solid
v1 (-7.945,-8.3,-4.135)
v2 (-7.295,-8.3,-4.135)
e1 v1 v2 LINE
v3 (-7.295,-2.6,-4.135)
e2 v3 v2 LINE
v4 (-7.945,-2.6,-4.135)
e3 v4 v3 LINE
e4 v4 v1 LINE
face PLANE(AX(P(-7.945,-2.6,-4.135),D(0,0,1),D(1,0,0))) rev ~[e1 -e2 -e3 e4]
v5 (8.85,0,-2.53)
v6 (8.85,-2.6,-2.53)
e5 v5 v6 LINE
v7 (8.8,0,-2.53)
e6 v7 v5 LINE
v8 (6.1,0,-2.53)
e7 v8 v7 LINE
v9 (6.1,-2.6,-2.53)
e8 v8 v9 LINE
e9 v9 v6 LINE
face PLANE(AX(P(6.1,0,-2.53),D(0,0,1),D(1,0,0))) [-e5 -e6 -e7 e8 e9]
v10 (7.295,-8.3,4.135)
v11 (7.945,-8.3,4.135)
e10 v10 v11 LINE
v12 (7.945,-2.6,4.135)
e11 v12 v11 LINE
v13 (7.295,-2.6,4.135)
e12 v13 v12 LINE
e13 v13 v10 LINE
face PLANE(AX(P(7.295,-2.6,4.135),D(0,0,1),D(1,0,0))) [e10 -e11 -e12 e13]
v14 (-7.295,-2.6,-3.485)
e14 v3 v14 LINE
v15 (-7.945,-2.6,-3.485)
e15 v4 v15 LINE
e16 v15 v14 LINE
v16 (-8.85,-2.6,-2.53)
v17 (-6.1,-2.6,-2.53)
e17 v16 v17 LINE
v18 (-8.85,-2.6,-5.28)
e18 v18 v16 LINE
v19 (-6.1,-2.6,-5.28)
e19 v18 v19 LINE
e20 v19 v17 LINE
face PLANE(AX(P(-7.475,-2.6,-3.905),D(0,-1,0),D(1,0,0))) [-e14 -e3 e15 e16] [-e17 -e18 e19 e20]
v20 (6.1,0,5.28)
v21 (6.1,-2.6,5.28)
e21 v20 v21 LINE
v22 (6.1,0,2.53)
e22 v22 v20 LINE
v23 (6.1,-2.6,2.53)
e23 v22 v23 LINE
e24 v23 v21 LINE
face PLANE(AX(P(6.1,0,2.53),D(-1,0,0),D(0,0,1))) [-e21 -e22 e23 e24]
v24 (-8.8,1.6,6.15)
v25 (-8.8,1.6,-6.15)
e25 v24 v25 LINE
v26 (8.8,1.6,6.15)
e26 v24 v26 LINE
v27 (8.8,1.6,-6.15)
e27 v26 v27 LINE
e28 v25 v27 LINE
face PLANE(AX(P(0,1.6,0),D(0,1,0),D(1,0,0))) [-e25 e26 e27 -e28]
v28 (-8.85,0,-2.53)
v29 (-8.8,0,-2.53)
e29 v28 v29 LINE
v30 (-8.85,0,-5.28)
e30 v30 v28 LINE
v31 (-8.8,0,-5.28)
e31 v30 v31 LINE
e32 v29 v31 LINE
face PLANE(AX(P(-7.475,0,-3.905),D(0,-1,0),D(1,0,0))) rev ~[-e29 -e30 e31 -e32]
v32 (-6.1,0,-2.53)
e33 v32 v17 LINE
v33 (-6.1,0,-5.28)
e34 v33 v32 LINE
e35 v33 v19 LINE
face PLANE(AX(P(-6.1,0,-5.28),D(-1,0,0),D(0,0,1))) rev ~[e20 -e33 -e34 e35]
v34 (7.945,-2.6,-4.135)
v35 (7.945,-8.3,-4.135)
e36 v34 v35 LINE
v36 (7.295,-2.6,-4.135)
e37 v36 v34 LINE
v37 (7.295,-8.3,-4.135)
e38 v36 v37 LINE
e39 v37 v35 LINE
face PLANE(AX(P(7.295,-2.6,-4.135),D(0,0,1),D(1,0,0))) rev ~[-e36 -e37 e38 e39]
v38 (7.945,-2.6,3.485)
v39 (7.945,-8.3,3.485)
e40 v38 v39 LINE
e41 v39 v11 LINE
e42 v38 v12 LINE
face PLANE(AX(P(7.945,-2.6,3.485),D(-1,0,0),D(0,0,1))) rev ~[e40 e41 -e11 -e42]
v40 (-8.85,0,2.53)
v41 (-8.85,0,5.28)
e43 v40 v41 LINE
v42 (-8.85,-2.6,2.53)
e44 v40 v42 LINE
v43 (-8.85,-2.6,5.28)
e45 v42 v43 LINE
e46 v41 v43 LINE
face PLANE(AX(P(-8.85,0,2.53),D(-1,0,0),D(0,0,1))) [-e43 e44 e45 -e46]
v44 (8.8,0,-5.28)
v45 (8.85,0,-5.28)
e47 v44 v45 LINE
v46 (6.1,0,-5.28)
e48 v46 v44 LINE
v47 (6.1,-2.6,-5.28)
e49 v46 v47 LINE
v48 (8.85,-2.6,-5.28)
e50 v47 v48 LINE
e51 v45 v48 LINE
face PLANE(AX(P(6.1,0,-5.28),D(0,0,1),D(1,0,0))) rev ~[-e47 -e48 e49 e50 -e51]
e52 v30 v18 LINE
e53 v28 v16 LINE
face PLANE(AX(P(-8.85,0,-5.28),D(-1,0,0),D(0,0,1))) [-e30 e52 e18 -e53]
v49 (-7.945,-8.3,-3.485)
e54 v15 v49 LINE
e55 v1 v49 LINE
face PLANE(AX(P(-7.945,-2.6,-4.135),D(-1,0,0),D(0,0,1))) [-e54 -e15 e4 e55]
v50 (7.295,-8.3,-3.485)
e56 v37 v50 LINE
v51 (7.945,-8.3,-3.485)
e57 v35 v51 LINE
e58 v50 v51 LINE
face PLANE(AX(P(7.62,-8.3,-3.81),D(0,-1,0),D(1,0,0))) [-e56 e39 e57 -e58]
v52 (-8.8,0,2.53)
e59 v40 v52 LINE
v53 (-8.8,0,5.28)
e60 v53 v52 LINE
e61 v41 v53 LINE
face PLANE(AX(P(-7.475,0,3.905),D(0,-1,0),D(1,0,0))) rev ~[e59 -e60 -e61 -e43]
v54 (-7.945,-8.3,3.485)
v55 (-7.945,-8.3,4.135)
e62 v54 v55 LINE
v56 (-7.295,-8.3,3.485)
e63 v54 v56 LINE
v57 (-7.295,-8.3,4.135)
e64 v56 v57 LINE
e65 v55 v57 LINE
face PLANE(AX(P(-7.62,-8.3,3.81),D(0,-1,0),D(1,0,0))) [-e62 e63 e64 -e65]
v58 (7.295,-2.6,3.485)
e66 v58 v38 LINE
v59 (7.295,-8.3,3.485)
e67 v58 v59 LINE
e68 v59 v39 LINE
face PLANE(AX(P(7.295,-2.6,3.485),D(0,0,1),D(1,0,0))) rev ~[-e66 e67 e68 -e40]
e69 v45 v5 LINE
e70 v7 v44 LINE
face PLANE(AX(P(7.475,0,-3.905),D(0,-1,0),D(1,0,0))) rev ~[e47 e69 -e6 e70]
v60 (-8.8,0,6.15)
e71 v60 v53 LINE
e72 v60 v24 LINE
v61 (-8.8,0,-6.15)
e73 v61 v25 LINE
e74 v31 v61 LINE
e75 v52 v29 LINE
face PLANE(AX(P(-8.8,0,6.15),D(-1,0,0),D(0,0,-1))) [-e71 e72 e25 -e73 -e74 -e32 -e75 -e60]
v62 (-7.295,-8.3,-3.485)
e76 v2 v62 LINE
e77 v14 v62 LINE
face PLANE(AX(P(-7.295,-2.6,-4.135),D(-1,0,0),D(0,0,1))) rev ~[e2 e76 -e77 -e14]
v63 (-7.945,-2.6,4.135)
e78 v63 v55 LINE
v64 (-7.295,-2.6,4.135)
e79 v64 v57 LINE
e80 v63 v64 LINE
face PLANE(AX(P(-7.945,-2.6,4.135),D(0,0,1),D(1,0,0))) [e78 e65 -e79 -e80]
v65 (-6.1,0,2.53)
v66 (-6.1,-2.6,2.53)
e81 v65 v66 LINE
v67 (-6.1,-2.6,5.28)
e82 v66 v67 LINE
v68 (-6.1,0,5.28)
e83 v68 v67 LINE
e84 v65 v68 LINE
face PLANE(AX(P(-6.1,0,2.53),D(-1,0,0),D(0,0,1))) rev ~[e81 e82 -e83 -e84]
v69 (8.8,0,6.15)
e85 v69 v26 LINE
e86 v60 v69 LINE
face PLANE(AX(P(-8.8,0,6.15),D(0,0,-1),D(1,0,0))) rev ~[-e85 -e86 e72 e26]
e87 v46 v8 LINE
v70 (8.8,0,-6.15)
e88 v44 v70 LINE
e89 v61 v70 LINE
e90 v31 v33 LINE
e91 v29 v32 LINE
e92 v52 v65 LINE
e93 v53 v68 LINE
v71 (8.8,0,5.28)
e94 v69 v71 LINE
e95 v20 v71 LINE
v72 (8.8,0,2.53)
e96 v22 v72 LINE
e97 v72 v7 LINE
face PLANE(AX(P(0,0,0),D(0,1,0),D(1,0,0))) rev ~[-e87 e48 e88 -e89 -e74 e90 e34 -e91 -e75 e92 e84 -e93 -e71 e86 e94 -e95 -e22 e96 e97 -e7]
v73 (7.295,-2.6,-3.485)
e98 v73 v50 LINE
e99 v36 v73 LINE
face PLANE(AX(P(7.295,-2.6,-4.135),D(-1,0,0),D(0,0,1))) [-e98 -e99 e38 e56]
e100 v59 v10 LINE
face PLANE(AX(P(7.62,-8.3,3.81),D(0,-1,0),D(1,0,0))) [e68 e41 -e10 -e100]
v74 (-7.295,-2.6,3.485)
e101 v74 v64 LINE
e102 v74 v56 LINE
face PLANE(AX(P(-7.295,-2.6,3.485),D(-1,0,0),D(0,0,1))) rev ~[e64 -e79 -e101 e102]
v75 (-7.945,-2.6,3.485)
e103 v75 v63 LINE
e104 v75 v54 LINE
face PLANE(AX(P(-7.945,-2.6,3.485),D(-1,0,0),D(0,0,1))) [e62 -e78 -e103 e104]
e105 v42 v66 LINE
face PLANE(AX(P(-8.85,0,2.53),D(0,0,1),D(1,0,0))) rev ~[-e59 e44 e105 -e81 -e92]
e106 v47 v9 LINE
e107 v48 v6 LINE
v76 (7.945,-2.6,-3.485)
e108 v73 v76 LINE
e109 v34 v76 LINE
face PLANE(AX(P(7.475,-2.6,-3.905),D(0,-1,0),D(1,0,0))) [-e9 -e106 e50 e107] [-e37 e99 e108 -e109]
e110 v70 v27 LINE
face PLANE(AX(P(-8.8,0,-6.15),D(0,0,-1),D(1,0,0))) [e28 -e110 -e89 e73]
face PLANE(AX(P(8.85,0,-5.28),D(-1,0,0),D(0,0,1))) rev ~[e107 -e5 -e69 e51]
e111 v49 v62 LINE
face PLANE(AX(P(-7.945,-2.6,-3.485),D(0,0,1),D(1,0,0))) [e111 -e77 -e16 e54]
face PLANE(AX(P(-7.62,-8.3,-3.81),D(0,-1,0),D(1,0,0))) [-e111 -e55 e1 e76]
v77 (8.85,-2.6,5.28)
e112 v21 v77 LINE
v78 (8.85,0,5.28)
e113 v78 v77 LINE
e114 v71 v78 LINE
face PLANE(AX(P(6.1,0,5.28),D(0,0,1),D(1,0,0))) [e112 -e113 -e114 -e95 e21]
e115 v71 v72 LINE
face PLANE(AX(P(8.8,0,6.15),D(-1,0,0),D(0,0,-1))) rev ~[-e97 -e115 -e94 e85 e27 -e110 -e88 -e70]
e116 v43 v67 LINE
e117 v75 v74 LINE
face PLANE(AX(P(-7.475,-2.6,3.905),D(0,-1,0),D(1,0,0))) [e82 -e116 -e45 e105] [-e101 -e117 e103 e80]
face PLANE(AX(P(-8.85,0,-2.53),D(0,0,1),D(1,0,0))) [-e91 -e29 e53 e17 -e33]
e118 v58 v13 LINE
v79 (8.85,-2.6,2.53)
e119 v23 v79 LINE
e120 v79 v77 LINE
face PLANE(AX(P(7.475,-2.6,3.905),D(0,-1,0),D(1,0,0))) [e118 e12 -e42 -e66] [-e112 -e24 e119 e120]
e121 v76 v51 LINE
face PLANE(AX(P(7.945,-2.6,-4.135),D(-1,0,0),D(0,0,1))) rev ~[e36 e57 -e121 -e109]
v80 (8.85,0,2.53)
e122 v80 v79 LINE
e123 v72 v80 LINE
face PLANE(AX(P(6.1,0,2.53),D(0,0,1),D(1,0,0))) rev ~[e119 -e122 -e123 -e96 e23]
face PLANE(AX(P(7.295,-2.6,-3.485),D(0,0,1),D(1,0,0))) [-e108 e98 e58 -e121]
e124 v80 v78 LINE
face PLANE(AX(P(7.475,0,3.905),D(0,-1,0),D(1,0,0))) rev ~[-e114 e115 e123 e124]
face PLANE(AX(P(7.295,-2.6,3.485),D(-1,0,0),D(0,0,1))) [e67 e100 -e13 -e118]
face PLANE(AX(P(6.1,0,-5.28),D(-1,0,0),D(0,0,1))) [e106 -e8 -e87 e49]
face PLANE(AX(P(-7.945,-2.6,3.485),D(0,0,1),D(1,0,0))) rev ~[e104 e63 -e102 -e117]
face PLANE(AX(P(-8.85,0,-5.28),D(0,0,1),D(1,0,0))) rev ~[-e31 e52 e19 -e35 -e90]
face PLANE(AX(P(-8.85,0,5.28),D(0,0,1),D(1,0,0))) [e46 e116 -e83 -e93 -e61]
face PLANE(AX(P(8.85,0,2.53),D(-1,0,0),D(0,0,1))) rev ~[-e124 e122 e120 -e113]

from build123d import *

# Parameters (mm, degrees)
SKETCH1_W           = 17.6
SKETCH1_H           = 12.3
BOSS_EXTRUDE1_DEPTH = 1.6
SKETCH2_W           = 2.75
SKETCH2_H           = 2.75
BOSS_EXTRUDE2_DEPTH = 2.6
SKETCH3_W           = 0.65
SKETCH3_H           = 0.65
BOSS_EXTRUDE3_DEPTH = 5.7


with BuildPart() as part:
    # Sketch1 → Boss-Extrude1 (new body)
    with BuildSketch(Plane(origin=(0, 0, 0), x_dir=(1, 0, 0), z_dir=(0, 1, 0))):
        Rectangle(SKETCH1_W, SKETCH1_H)
    extrude(amount=BOSS_EXTRUDE1_DEPTH)

    # Sketch2 → Boss-Extrude2 (add)
    with BuildSketch(Plane.XZ):
        with Locations((-7.475, 3.905)):
            Rectangle(SKETCH2_W, SKETCH2_H)
        with Locations((-7.475, -3.905)):
            Rectangle(SKETCH2_W, SKETCH2_H)
        with Locations((7.475, -3.905)):
            Rectangle(SKETCH2_W, SKETCH2_H)
        with Locations((7.475, 3.905)):
            Rectangle(SKETCH2_W, SKETCH2_H)
    extrude(amount=BOSS_EXTRUDE2_DEPTH)

    # Sketch3 → Boss-Extrude3 (add)
    with BuildSketch(Plane.XZ.offset(2.6)):
        with Locations((7.62, -3.81)):
            Rectangle(SKETCH3_W, SKETCH3_H)
        with Locations((7.62, 3.81)):
            Rectangle(SKETCH3_W, SKETCH3_H)
        with Locations((-7.62, -3.81)):
            Rectangle(SKETCH3_W, SKETCH3_H)
        with Locations((-7.62, 3.81)):
            Rectangle(SKETCH3_W, SKETCH3_H)
    extrude(amount=BOSS_EXTRUDE3_DEPTH)


solid = part.part
